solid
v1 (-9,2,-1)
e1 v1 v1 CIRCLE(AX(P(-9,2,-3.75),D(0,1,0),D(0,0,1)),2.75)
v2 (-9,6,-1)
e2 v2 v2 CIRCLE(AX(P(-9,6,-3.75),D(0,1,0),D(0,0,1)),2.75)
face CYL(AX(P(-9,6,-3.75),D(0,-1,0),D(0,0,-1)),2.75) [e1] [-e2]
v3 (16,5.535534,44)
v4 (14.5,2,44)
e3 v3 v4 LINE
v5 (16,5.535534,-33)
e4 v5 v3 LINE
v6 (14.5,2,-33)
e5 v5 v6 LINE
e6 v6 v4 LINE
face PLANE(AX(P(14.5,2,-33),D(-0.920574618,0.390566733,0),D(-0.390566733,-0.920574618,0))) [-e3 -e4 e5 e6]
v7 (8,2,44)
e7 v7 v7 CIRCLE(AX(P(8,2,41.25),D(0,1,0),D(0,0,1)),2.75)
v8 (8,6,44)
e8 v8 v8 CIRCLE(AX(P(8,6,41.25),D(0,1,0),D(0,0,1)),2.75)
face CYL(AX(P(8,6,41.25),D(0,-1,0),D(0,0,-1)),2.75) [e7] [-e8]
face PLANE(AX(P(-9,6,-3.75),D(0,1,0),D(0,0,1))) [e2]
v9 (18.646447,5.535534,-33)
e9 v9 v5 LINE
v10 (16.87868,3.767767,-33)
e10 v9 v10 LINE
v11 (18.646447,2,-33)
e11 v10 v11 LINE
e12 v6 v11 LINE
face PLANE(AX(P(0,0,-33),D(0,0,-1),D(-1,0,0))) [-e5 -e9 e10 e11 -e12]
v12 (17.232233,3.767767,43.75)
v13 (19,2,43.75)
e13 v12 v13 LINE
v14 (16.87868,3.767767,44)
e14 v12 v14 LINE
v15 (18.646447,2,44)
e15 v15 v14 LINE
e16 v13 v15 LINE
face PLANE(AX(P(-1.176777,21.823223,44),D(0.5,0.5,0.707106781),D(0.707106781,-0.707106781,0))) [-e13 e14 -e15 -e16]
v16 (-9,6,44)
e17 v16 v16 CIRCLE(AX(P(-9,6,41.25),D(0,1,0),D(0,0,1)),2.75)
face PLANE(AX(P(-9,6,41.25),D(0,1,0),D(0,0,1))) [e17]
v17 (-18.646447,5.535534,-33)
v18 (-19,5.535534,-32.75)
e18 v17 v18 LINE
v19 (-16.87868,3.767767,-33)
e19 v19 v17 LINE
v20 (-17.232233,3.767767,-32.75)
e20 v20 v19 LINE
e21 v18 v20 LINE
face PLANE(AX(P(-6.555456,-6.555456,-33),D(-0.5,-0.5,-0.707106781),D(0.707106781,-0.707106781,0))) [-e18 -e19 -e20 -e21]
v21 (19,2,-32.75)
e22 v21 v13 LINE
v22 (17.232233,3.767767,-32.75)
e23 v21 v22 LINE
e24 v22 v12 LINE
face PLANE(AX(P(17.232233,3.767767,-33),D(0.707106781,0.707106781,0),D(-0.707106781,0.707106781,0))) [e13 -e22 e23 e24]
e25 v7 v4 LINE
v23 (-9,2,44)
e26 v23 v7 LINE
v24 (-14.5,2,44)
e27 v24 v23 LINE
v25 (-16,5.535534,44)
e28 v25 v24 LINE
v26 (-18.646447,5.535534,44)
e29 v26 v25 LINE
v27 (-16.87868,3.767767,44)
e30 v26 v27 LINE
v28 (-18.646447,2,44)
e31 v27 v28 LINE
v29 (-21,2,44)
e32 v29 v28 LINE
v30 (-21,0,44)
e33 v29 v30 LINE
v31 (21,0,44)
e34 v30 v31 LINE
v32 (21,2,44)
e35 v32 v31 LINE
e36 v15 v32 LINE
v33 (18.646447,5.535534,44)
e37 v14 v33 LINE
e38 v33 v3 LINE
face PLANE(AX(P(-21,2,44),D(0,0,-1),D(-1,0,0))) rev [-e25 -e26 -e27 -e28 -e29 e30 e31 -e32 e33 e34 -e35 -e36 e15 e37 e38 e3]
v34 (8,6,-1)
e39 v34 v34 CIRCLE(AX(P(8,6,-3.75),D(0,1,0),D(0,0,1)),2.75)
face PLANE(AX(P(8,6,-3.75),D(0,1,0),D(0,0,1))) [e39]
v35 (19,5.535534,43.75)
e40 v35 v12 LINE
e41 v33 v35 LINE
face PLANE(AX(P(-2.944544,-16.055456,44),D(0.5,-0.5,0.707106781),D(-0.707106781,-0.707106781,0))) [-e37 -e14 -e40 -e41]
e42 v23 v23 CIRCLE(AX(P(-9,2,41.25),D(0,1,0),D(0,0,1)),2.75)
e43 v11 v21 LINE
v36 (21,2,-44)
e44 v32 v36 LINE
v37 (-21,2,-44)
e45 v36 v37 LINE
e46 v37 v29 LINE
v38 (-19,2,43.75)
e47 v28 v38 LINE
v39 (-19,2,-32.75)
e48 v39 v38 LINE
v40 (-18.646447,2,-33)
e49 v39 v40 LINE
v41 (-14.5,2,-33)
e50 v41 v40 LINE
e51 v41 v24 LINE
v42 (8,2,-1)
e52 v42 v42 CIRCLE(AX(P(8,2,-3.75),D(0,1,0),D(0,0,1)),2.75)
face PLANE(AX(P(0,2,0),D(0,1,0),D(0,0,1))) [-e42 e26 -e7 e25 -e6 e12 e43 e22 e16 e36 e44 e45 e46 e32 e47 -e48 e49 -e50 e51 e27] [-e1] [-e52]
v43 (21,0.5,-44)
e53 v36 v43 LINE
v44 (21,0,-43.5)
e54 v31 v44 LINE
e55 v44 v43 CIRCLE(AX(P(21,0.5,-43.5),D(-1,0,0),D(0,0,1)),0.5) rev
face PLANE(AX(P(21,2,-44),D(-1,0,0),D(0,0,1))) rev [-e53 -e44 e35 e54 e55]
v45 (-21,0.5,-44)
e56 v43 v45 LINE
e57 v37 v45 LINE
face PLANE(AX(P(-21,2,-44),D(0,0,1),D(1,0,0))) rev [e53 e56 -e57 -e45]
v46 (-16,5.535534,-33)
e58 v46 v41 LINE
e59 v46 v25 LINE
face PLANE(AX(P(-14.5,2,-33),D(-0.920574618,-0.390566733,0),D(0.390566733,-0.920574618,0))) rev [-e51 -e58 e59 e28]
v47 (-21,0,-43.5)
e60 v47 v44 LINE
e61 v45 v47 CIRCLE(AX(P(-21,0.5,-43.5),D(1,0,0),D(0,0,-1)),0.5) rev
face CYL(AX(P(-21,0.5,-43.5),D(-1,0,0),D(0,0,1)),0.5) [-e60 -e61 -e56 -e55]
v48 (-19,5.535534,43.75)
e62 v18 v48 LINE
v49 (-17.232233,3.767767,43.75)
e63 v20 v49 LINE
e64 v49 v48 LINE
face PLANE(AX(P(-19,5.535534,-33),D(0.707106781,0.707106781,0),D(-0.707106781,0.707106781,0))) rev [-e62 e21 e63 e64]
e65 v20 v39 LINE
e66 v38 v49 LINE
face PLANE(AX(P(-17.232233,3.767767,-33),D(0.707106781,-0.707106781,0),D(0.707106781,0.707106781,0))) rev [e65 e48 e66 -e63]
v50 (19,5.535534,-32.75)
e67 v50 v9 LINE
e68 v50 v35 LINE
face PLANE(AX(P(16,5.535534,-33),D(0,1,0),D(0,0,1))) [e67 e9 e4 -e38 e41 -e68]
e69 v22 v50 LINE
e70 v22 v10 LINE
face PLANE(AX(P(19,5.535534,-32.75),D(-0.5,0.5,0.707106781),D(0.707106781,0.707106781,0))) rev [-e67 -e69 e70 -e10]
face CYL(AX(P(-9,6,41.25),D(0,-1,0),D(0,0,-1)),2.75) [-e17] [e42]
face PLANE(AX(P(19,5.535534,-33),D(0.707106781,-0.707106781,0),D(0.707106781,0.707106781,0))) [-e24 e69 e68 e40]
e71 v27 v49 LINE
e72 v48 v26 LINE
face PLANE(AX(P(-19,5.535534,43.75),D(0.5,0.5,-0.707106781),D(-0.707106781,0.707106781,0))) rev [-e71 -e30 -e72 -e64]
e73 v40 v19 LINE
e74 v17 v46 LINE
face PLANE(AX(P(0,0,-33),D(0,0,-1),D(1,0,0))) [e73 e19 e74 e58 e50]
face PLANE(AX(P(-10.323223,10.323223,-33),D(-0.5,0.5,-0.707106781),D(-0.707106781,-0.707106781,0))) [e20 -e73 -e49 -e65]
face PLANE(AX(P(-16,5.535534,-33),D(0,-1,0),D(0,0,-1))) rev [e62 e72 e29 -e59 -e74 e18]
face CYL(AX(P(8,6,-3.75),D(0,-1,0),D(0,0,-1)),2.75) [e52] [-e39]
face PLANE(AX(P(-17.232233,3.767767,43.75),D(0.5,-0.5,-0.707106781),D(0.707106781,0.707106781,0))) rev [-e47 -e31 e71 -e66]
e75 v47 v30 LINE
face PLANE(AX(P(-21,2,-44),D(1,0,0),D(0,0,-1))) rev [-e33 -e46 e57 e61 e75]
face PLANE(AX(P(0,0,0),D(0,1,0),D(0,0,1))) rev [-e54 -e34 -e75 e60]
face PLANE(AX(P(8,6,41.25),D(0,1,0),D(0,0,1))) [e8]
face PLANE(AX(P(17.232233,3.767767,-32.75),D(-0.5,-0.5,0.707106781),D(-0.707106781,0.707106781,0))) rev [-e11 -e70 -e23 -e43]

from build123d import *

# Parameters (mm, degrees)
SKETCH1_W           = 42
SKETCH1_H           = 88
BOSS_EXTRUDE1_DEPTH = 2
BOSS_EXTRUDE2_DEPTH = 77
SKETCH3_R           = 2.75
BOSS_EXTRUDE3_DEPTH = 4
FILLET1_R           = 0.5
CHAMFER3_SIZE       = 0.25


with BuildPart() as part:
    # Sketch1 → Boss-Extrude1 (new body)
    with BuildSketch(Plane(origin=(0, 0, 0), x_dir=(1, 0, 0), z_dir=(0, 1, 0))):
        Rectangle(SKETCH1_W, SKETCH1_H)
    extrude(amount=BOSS_EXTRUDE1_DEPTH)

    # Sketch2 → Boss-Extrude2 (add)
    with BuildSketch(Plane.XY.offset(44)):
        Polygon((14.5, 2), (16, 5.535533906), (19, 5.535533906), (17.232233047, 3.767766953), (19, 2), align=None)
    boss_extrude2 = extrude(amount=-BOSS_EXTRUDE2_DEPTH)

    # Mirror1: Boss-Extrude2 across plane
    add(boss_extrude2.mirror(Plane(origin=(0, 0, 0), x_dir=(0, 0, 1), z_dir=(1, 0, 0))))

    # Sketch3 → Boss-Extrude3 (add)
    with BuildSketch(Plane(origin=(0, 2, 0), x_dir=(1, 0, 0), z_dir=(0, 1, 0))):
        with Locations(Location((-9, -41.25, 0), (0, 0, 270))):
            Circle(SKETCH3_R)
        with Locations(Location((8, -41.25, 0), (0, 0, 270))):
            Circle(SKETCH3_R)
        with Locations(Location((8, 3.75, 0), (0, 0, 270))):
            Circle(SKETCH3_R)
        with Locations(Location((-9, 3.75, 0), (0, 0, 270))):
            Circle(SKETCH3_R)
    extrude(amount=BOSS_EXTRUDE3_DEPTH)

    # Fillet1
    fillet1_edges = [part.edges().sort_by_distance(p)[0] for p in [
        (0, 0, -44),
    ]]
    fillet(fillet1_edges, radius=FILLET1_R)

    # Chamfer3
    chamfer3_edges = [part.edges().sort_by_distance(p)[0] for p in [
        (18.116116524, 4.651650429, -33),
        (18.116116524, 2.883883476, -33),
        (18.116116524, 2.883883476, 44),
        (18.116116524, 4.651650429, 44),
        (-18.116116524, 2.883883476, 44),
        (-18.116116524, 4.651650429, 44),
        (-18.116116524, 2.883883476, -33),
        (-18.116116524, 4.651650429, -33),
    ]]
    chamfer(chamfer3_edges, length=CHAMFER3_SIZE)


solid = part.part
